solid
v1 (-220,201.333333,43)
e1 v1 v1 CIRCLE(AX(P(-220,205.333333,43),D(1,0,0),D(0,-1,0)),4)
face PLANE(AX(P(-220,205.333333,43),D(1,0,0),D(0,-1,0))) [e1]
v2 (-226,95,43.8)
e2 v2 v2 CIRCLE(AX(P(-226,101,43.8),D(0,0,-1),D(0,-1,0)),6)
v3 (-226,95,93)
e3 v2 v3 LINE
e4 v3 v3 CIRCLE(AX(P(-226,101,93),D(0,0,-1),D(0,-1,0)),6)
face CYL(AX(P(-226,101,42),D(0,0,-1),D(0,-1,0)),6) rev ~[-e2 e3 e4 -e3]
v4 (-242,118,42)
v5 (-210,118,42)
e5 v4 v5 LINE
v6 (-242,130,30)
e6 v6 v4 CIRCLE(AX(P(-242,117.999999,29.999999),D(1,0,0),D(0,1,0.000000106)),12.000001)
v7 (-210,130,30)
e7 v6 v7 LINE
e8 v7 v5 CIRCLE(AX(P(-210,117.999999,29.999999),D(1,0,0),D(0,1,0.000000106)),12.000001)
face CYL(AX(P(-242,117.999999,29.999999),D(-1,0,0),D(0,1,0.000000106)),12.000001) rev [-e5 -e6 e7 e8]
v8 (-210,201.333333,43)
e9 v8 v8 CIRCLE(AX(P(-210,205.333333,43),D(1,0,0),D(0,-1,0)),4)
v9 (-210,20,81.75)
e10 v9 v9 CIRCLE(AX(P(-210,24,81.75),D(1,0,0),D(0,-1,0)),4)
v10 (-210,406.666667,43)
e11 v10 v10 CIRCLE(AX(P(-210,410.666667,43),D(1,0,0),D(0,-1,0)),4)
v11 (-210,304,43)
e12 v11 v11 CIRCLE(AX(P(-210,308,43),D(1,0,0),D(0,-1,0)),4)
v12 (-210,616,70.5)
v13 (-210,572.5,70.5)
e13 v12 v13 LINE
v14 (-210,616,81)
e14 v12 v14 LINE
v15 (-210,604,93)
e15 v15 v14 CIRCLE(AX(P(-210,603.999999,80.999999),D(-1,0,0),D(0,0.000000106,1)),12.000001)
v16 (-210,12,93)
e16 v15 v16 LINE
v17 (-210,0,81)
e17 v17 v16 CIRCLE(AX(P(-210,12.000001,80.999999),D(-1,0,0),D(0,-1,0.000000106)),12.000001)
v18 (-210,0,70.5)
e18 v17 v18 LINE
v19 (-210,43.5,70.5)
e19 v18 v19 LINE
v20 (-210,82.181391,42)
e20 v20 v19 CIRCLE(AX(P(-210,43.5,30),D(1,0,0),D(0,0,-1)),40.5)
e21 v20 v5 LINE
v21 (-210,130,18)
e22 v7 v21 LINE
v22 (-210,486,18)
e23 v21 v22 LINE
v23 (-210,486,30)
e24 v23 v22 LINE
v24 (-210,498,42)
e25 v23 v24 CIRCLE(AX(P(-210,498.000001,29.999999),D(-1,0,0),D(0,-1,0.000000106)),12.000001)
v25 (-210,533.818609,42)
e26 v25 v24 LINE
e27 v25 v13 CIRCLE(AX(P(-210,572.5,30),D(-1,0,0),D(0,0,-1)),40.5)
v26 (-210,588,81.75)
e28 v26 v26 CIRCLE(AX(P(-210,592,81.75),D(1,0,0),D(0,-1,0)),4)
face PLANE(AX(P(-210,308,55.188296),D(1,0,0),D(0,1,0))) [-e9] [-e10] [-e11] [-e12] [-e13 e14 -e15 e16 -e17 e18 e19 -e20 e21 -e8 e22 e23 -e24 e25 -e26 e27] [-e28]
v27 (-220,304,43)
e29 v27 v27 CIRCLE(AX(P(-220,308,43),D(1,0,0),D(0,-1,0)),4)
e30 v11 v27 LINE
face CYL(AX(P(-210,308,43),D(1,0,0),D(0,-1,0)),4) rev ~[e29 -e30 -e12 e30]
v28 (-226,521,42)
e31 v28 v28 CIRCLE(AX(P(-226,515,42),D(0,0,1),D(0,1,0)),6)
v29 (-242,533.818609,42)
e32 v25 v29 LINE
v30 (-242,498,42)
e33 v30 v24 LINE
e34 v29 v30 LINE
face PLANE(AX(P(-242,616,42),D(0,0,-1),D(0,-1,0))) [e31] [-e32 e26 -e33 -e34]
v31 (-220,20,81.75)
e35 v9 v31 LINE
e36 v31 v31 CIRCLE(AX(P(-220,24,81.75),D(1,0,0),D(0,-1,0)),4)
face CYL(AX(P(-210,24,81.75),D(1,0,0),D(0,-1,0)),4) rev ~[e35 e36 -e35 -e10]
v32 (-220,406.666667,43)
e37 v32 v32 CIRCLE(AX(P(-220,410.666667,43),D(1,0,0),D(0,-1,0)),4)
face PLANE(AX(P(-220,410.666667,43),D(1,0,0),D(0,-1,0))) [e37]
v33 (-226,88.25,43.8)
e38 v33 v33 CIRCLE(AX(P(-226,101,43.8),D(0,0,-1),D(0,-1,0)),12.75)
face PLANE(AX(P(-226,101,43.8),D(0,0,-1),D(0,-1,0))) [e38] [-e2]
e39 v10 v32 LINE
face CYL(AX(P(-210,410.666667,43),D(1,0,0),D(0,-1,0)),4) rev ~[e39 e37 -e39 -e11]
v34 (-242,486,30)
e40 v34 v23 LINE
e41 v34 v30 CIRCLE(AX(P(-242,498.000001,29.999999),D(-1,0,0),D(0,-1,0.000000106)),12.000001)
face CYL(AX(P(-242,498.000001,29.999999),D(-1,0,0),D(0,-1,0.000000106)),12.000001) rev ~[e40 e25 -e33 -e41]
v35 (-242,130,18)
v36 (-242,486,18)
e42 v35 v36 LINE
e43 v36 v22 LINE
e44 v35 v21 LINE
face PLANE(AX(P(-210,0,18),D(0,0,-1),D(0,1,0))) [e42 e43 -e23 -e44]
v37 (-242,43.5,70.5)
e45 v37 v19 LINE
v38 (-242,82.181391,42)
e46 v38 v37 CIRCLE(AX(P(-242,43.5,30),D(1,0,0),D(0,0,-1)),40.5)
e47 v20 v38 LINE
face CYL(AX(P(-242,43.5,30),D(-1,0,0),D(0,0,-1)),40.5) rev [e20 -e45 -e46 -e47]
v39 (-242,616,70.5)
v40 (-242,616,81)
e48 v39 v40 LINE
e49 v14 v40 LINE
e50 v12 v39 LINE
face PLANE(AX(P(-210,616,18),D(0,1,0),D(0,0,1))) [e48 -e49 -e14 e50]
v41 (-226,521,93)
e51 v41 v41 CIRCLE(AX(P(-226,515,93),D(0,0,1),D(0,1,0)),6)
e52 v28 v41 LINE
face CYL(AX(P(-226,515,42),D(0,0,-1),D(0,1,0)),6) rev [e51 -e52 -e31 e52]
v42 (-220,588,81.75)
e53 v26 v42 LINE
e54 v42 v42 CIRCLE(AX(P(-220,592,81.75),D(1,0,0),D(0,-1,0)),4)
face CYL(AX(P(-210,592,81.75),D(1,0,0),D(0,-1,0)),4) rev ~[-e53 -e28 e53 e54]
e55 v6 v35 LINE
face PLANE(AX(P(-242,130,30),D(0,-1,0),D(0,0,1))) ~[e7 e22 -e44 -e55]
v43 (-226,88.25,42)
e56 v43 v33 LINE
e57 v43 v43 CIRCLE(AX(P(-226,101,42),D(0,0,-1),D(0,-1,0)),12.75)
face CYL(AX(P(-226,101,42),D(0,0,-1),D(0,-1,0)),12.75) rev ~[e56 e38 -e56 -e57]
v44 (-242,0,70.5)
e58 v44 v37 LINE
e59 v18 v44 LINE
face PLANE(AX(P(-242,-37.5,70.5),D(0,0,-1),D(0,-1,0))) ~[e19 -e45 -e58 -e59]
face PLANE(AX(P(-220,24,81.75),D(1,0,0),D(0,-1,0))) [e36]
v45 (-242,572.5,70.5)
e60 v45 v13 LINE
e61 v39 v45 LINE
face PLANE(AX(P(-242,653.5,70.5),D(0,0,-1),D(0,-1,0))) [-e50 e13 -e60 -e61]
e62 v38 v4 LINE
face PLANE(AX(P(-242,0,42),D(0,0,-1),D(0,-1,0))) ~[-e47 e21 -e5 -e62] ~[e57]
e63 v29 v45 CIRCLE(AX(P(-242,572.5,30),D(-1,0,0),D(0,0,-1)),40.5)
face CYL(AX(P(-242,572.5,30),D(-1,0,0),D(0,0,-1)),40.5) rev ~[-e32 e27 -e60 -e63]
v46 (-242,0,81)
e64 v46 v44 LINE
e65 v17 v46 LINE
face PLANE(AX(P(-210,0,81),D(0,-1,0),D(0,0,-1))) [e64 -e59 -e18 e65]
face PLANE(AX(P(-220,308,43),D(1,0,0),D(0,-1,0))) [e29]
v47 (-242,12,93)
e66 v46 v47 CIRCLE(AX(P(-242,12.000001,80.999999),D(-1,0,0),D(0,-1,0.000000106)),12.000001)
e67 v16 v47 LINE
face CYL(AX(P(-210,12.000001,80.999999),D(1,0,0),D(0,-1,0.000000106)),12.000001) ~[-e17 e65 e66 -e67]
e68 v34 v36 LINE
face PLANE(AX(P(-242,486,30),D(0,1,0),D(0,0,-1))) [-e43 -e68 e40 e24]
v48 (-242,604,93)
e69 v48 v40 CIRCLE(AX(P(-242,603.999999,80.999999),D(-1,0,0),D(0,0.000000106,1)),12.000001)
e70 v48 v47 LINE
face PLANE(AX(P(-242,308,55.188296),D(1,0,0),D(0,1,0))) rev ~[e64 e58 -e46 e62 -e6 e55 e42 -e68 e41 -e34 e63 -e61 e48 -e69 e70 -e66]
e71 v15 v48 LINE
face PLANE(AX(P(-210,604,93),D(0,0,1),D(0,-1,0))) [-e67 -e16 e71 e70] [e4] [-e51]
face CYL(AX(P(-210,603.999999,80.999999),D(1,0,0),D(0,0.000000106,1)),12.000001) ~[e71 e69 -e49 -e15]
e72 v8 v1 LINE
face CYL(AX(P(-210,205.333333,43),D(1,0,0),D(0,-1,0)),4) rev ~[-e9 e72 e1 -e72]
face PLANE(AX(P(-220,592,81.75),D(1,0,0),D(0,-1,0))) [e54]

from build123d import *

# Parameters (mm, degrees)
PAD009_DEPTH            = 32
POCKET011_DEPTH         = 32
POCKET012_DEPTH         = 32
SKETCH023_R             = 4
POCKET013_DEPTH         = 10
SKETCH024_R             = 6
POCKET014_DEPTH         = 51
SKETCH025_R             = 12.75
POCKET015_DEPTH         = 1.8
BODY007_ROLL_ANGLE      = 90
BODY007_PLACEMENT_ANGLE = -90


with BuildPart() as part:
    # Sketch020 → Pad009 (new body)
    with BuildSketch(Plane.XY):
        with BuildLine():
            Line((-296, 75), (296, 75))
            ThreePointArc((308, 63), (304.485281, 71.485281), (296, 75))
            Line((308, 63), (308, 0))
            Line((308, 0), (-308, 0))
            Line((-308, 0), (-308, 63))
            ThreePointArc((-296, 75), (-304.485281, 71.485281), (-308, 63))
        make_face()
    extrude(amount=PAD009_DEPTH)

    # Sketch021 (on Face8 of Pad009) → Pocket011 (cut)
    with BuildSketch(Plane.XY.offset(32)):
        with BuildLine():
            Line((-308, 24), (-190, 24))
            ThreePointArc((-178, 12), (-181.514719, 20.485281), (-190, 24))
            Line((-178, 12), (-178, 0))
            Line((-178, 0), (-308, 0))
            Line((-308, 0), (-308, 24))
        make_face()
    pocket011 = extrude(amount=-POCKET011_DEPTH, mode=Mode.SUBTRACT)

    # Mirrored004: Pocket011 across Sketch021 V_Axis
    add(pocket011.mirror(Plane(origin=(0, 0, 32), x_dir=(0, 0, 1), z_dir=(1, 0, 0))), mode=Mode.SUBTRACT)

    # Sketch022 (on Face4 of Mirrored004) → Pocket012 (cut)
    with BuildSketch(Plane.XY.offset(32)):
        with BuildLine():
            ThreePointArc((-264.5, -28.5), (-224, 12), (-264.5, 52.5))
            Line((-345.5, 52.5), (-264.5, 52.5))
            Line((-345.5, -28.5), (-345.5, 52.5))
            Line((-264.5, -28.5), (-345.5, -28.5))
        make_face()
    pocket012 = extrude(amount=-POCKET012_DEPTH, mode=Mode.SUBTRACT)

    # Mirrored005: Pocket012 across Sketch022 V_Axis
    add(pocket012.mirror(Plane(origin=(0, 0, 32), x_dir=(0, 0, 1), z_dir=(1, 0, 0))), mode=Mode.SUBTRACT)

    # Sketch023 (on Face2 of Mirrored005) → Pocket013 (cut)
    with BuildSketch(Plane(origin=(0, 0, 0), x_dir=(1, 0, 0), z_dir=(0, 0, -1))):
        with Locations((-284, -63.75)):
            Circle(SKETCH023_R)
        with Locations((-102.666667, -25)):
            Circle(SKETCH023_R)
        with Locations((0, -25)):
            Circle(SKETCH023_R)
        with Locations((102.666667, -25)):
            Circle(SKETCH023_R)
        with Locations((284, -63.75)):
            Circle(SKETCH023_R)
    extrude(amount=-POCKET013_DEPTH, mode=Mode.SUBTRACT)

    # Sketch024 (on Face9 of Pocket013) → Pocket014 (cut)
    with BuildSketch(Plane.XZ.offset(-24)):
        with Locations((207, 16)):
            Circle(SKETCH024_R)
    pocket014 = extrude(amount=-POCKET014_DEPTH, mode=Mode.SUBTRACT)

    # Sketch025 (on Face9 of Pocket014) → Pocket015 (cut)
    with BuildSketch(Plane.XZ.offset(-24)):
        with Locations((207, 16)):
            Circle(SKETCH025_R)
    extrude(amount=-POCKET015_DEPTH, mode=Mode.SUBTRACT)

    # Mirrored006: Pocket014 across Sketch024 V_Axis
    add(pocket014.mirror(Plane(origin=(0, 24, 0), x_dir=(0, -1, 0), z_dir=(1, 0, 0))), mode=Mode.SUBTRACT)


with BuildPart() as part_1:
    # Body007 roll: moved
    add(part.part.rotate(Axis((0, 0, 0), (1, 0, 0)), BODY007_ROLL_ANGLE))


with BuildPart() as part_2:
    # Body007 placement: moved
    add(part_1.part.moved(Location((-210, 308, 18))).rotate(Axis((-210, 308, 18), (0, 0, 1)), BODY007_PLACEMENT_ANGLE))


solid = part_2.part
